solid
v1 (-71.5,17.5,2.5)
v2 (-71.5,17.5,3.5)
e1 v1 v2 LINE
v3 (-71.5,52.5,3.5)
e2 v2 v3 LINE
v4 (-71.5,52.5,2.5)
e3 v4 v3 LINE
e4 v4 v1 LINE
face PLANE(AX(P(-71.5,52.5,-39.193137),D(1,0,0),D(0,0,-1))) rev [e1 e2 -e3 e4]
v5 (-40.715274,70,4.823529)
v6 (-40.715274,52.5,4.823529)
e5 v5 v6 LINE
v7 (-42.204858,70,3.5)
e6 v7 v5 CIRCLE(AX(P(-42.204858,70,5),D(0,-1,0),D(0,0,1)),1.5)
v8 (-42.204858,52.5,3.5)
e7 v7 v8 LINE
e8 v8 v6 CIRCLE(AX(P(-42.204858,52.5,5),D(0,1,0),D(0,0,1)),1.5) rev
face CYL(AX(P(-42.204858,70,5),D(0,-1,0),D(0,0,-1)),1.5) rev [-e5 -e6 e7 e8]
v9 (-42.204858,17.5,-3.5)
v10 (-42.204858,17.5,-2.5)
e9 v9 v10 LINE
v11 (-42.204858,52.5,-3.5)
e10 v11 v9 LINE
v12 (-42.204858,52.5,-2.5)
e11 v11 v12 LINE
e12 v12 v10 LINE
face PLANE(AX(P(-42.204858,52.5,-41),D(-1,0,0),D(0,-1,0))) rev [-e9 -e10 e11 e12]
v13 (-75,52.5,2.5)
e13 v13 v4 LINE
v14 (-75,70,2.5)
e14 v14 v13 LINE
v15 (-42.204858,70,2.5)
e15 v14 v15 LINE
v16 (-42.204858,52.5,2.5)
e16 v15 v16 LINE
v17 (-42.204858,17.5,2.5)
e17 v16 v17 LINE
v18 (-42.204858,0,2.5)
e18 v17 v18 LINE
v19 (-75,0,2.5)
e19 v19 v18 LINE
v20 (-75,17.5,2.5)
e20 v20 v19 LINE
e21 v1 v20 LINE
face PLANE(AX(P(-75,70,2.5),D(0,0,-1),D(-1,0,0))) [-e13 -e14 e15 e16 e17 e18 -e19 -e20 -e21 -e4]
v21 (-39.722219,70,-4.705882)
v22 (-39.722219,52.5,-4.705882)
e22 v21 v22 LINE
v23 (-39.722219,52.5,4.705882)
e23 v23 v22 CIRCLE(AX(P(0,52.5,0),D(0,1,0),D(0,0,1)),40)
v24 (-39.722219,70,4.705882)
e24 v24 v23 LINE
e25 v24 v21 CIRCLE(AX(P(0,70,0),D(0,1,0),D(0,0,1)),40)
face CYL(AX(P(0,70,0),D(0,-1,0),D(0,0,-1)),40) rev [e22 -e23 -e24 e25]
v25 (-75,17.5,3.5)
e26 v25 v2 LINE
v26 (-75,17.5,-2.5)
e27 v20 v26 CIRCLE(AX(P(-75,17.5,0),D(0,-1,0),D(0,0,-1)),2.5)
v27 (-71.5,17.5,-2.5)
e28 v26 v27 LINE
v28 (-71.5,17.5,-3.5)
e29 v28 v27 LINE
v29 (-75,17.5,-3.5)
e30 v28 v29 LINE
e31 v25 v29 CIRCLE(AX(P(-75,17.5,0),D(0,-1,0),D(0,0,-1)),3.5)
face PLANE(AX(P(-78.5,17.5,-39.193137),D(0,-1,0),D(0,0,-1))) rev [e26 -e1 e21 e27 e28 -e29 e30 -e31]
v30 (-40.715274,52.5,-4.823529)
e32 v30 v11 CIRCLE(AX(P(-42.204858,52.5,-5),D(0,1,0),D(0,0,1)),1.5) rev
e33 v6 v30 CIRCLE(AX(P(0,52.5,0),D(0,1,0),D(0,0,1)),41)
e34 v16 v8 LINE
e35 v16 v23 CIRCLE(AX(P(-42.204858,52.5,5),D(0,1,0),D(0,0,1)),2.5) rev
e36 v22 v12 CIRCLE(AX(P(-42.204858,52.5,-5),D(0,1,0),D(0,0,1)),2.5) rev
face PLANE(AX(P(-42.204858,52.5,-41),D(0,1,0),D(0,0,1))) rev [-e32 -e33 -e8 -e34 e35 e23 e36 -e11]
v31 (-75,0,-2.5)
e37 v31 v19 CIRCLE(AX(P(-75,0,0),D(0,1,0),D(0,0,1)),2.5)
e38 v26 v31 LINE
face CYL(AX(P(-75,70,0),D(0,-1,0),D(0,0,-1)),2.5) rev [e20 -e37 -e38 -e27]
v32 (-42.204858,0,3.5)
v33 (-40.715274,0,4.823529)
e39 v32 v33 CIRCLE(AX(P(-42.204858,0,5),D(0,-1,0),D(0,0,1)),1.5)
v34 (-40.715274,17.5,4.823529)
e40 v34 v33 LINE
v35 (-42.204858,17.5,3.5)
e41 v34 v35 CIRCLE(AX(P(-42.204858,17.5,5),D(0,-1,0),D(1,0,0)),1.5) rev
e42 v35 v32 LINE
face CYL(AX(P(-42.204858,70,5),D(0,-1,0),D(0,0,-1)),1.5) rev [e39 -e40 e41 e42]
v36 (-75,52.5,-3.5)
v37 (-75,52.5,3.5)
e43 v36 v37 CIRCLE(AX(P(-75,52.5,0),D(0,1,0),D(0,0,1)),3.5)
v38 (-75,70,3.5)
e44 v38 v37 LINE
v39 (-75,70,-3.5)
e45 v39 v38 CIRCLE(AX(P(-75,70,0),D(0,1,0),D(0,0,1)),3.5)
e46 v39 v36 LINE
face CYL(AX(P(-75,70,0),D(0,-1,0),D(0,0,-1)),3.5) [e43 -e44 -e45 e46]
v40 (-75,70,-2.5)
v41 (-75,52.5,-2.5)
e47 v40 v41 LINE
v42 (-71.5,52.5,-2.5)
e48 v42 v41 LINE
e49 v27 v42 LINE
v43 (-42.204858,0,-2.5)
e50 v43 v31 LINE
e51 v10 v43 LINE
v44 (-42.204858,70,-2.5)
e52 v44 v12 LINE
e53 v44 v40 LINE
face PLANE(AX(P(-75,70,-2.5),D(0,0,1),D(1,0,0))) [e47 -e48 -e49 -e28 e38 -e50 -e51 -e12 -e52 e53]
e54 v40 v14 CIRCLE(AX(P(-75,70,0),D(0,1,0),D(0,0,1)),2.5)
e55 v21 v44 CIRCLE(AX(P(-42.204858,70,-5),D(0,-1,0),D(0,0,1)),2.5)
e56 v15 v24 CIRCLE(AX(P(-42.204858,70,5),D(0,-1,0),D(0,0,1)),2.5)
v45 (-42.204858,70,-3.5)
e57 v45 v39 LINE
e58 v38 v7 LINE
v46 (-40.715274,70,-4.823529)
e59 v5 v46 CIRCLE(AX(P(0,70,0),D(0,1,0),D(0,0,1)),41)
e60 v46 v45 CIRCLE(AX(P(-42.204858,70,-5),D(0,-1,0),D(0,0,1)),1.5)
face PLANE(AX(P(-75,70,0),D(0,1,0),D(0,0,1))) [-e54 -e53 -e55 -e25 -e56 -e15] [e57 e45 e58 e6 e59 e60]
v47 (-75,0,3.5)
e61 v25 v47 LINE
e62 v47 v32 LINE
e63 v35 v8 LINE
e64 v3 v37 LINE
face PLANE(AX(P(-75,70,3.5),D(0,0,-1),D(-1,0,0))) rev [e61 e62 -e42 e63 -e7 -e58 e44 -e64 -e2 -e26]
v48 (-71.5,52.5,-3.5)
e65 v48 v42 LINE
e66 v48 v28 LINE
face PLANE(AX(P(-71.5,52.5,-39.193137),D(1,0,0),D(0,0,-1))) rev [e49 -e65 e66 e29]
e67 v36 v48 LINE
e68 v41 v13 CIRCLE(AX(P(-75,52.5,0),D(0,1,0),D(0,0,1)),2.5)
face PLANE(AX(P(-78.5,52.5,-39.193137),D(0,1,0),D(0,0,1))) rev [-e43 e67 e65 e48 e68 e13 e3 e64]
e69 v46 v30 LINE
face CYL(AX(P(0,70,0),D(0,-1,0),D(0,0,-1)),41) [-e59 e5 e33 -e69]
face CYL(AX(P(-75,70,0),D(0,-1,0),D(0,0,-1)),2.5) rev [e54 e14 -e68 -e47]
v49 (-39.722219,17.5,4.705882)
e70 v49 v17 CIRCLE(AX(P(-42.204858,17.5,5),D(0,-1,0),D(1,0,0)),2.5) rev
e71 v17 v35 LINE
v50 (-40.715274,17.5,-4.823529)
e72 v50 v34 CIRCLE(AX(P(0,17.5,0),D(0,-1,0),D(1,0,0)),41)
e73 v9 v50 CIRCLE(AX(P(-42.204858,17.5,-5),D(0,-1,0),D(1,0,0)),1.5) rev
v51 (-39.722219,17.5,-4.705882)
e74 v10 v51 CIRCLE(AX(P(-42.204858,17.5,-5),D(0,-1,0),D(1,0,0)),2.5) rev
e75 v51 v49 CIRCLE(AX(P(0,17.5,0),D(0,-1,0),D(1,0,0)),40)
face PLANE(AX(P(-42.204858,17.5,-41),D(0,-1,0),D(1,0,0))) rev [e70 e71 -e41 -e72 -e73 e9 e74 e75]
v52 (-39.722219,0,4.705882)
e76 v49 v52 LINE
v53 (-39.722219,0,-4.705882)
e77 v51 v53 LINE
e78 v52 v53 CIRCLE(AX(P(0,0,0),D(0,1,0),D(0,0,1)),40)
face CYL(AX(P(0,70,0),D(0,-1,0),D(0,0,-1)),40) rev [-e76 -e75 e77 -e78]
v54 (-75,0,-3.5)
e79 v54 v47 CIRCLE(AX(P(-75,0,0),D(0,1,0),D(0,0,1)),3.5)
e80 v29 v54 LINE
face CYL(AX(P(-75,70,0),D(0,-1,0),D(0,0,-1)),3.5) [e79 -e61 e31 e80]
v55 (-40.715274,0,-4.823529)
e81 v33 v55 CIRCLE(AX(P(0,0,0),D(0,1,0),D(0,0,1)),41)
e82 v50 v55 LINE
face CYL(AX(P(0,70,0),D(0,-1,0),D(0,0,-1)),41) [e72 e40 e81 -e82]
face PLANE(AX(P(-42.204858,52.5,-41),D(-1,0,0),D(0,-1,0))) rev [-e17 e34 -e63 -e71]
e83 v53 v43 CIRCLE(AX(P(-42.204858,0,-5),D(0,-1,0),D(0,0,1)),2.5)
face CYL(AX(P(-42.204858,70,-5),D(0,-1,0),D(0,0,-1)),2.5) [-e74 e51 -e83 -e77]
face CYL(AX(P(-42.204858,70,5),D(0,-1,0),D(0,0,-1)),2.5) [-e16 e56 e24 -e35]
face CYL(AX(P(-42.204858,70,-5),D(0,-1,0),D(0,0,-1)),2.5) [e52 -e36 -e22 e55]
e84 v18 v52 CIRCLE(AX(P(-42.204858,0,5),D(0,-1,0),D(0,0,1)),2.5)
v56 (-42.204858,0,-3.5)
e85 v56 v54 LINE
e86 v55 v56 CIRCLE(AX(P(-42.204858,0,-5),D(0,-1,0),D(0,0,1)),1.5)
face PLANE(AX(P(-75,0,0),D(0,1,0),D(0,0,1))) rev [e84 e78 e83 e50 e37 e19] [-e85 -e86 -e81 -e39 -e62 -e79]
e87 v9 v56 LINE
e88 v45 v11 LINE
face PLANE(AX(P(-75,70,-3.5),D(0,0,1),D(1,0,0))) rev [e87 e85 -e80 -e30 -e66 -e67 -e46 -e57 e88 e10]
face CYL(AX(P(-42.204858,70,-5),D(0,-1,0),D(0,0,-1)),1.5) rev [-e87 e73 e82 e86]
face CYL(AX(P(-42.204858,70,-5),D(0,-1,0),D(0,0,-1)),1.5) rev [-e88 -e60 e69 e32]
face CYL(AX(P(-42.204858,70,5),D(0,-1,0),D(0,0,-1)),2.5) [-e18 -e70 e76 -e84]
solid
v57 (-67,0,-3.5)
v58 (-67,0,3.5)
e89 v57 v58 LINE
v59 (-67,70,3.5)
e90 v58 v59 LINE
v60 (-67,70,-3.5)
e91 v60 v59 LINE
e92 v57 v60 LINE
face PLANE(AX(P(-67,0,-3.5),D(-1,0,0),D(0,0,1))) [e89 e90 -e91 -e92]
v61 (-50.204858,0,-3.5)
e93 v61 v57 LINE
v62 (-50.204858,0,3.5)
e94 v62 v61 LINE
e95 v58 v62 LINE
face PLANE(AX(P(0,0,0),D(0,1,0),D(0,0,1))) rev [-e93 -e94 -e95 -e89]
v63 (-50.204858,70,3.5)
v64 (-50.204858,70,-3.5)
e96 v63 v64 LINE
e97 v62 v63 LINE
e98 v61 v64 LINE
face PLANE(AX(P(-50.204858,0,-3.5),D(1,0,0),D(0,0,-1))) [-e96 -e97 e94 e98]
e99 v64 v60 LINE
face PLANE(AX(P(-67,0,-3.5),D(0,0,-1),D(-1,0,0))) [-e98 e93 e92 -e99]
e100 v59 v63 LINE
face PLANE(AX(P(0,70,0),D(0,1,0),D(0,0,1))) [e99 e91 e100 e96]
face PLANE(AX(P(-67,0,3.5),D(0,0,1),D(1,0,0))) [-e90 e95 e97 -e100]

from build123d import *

# Parameters (mm, degrees)
BOSS_EXTRUDE1_DEPTH     = 70
SKETCH2_W               = 7
SKETCH2_H               = 35
CUT_EXTRUDE1_DEPTH      = 7
SKETCH3_W               = 84.40971508
SKETCH3_H               = 35
CUT_EXTRUDE2_DEPTH      = 38.5
CUT_EXTRUDE2_DEPTH_BACK = 45.5
SKETCH4_W               = 16.79514246
SKETCH4_H               = 7
BOSS_EXTRUDE2_DEPTH     = 70


with BuildPart() as part:
    # Sketch1 → Boss-Extrude1 (new body)
    with BuildSketch(Plane(origin=(0, 0, 0), x_dir=(1, 0, 0), z_dir=(0, 1, 0))):
        with BuildLine():
            Line((-75, 3.5), (-42.20485754, 3.5))
            ThreePointArc((-42.20485754, 3.5), (-41.208540794, 3.878682498), (-40.715274333, 4.823529412))
            ThreePointArc((-40.715274333, 4.823529412), (41, 0), (-40.715274333, -4.823529412))
            ThreePointArc((-40.715274333, -4.823529412), (-41.208540794, -3.878682498), (-42.20485754, -3.5))
            Line((-42.20485754, -3.5), (-75, -3.5))
            ThreePointArc((-75, -3.5), (-78.5, 0), (-75, 3.5))
        make_face()
        with BuildLine():
            Line((-75, 2.5), (-42.20485754, 2.5))
            ThreePointArc((-42.20485754, 2.5), (-40.54432963, 3.131137496), (-39.722218861, 4.705882353))
            ThreePointArc((-39.722218861, 4.705882353), (40, 0), (-39.722218861, -4.705882353))
            ThreePointArc((-39.722218861, -4.705882353), (-40.54432963, -3.131137496), (-42.20485754, -2.5))
            Line((-42.20485754, -2.5), (-75, -2.5))
            ThreePointArc((-75, -2.5), (-77.5, 0), (-75, 2.5))
        make_face(mode=Mode.SUBTRACT)
    extrude(amount=BOSS_EXTRUDE1_DEPTH)

    # Sketch2 → Cut-Extrude1 (cut)
    with BuildSketch(Plane.XY.offset(3.5)):
        with Locations((-75, 35)):
            Rectangle(SKETCH2_W, SKETCH2_H)
    extrude(amount=-CUT_EXTRUDE1_DEPTH, mode=Mode.SUBTRACT)

    # Sketch3 → Cut-Extrude2 (cut, two sides)
    with BuildSketch(Plane.XY.offset(3.5)) as cut_extrude2_sk:
        with Locations((0, 35)):
            Rectangle(SKETCH3_W, SKETCH3_H)
    extrude(amount=CUT_EXTRUDE2_DEPTH, mode=Mode.SUBTRACT)
    extrude(cut_extrude2_sk.sketch, amount=-CUT_EXTRUDE2_DEPTH_BACK, mode=Mode.SUBTRACT)


with BuildPart() as body_2:
    # Sketch4 → Boss-Extrude2 (new body)
    with BuildSketch(Plane(origin=(0, 70, 0), x_dir=(1, 0, 0), z_dir=(0, 1, 0))):
        with Locations((-58.60242877, 0)):
            Rectangle(SKETCH4_W, SKETCH4_H)
    extrude(amount=-BOSS_EXTRUDE2_DEPTH)


solid = Compound([part.part, body_2.part])
